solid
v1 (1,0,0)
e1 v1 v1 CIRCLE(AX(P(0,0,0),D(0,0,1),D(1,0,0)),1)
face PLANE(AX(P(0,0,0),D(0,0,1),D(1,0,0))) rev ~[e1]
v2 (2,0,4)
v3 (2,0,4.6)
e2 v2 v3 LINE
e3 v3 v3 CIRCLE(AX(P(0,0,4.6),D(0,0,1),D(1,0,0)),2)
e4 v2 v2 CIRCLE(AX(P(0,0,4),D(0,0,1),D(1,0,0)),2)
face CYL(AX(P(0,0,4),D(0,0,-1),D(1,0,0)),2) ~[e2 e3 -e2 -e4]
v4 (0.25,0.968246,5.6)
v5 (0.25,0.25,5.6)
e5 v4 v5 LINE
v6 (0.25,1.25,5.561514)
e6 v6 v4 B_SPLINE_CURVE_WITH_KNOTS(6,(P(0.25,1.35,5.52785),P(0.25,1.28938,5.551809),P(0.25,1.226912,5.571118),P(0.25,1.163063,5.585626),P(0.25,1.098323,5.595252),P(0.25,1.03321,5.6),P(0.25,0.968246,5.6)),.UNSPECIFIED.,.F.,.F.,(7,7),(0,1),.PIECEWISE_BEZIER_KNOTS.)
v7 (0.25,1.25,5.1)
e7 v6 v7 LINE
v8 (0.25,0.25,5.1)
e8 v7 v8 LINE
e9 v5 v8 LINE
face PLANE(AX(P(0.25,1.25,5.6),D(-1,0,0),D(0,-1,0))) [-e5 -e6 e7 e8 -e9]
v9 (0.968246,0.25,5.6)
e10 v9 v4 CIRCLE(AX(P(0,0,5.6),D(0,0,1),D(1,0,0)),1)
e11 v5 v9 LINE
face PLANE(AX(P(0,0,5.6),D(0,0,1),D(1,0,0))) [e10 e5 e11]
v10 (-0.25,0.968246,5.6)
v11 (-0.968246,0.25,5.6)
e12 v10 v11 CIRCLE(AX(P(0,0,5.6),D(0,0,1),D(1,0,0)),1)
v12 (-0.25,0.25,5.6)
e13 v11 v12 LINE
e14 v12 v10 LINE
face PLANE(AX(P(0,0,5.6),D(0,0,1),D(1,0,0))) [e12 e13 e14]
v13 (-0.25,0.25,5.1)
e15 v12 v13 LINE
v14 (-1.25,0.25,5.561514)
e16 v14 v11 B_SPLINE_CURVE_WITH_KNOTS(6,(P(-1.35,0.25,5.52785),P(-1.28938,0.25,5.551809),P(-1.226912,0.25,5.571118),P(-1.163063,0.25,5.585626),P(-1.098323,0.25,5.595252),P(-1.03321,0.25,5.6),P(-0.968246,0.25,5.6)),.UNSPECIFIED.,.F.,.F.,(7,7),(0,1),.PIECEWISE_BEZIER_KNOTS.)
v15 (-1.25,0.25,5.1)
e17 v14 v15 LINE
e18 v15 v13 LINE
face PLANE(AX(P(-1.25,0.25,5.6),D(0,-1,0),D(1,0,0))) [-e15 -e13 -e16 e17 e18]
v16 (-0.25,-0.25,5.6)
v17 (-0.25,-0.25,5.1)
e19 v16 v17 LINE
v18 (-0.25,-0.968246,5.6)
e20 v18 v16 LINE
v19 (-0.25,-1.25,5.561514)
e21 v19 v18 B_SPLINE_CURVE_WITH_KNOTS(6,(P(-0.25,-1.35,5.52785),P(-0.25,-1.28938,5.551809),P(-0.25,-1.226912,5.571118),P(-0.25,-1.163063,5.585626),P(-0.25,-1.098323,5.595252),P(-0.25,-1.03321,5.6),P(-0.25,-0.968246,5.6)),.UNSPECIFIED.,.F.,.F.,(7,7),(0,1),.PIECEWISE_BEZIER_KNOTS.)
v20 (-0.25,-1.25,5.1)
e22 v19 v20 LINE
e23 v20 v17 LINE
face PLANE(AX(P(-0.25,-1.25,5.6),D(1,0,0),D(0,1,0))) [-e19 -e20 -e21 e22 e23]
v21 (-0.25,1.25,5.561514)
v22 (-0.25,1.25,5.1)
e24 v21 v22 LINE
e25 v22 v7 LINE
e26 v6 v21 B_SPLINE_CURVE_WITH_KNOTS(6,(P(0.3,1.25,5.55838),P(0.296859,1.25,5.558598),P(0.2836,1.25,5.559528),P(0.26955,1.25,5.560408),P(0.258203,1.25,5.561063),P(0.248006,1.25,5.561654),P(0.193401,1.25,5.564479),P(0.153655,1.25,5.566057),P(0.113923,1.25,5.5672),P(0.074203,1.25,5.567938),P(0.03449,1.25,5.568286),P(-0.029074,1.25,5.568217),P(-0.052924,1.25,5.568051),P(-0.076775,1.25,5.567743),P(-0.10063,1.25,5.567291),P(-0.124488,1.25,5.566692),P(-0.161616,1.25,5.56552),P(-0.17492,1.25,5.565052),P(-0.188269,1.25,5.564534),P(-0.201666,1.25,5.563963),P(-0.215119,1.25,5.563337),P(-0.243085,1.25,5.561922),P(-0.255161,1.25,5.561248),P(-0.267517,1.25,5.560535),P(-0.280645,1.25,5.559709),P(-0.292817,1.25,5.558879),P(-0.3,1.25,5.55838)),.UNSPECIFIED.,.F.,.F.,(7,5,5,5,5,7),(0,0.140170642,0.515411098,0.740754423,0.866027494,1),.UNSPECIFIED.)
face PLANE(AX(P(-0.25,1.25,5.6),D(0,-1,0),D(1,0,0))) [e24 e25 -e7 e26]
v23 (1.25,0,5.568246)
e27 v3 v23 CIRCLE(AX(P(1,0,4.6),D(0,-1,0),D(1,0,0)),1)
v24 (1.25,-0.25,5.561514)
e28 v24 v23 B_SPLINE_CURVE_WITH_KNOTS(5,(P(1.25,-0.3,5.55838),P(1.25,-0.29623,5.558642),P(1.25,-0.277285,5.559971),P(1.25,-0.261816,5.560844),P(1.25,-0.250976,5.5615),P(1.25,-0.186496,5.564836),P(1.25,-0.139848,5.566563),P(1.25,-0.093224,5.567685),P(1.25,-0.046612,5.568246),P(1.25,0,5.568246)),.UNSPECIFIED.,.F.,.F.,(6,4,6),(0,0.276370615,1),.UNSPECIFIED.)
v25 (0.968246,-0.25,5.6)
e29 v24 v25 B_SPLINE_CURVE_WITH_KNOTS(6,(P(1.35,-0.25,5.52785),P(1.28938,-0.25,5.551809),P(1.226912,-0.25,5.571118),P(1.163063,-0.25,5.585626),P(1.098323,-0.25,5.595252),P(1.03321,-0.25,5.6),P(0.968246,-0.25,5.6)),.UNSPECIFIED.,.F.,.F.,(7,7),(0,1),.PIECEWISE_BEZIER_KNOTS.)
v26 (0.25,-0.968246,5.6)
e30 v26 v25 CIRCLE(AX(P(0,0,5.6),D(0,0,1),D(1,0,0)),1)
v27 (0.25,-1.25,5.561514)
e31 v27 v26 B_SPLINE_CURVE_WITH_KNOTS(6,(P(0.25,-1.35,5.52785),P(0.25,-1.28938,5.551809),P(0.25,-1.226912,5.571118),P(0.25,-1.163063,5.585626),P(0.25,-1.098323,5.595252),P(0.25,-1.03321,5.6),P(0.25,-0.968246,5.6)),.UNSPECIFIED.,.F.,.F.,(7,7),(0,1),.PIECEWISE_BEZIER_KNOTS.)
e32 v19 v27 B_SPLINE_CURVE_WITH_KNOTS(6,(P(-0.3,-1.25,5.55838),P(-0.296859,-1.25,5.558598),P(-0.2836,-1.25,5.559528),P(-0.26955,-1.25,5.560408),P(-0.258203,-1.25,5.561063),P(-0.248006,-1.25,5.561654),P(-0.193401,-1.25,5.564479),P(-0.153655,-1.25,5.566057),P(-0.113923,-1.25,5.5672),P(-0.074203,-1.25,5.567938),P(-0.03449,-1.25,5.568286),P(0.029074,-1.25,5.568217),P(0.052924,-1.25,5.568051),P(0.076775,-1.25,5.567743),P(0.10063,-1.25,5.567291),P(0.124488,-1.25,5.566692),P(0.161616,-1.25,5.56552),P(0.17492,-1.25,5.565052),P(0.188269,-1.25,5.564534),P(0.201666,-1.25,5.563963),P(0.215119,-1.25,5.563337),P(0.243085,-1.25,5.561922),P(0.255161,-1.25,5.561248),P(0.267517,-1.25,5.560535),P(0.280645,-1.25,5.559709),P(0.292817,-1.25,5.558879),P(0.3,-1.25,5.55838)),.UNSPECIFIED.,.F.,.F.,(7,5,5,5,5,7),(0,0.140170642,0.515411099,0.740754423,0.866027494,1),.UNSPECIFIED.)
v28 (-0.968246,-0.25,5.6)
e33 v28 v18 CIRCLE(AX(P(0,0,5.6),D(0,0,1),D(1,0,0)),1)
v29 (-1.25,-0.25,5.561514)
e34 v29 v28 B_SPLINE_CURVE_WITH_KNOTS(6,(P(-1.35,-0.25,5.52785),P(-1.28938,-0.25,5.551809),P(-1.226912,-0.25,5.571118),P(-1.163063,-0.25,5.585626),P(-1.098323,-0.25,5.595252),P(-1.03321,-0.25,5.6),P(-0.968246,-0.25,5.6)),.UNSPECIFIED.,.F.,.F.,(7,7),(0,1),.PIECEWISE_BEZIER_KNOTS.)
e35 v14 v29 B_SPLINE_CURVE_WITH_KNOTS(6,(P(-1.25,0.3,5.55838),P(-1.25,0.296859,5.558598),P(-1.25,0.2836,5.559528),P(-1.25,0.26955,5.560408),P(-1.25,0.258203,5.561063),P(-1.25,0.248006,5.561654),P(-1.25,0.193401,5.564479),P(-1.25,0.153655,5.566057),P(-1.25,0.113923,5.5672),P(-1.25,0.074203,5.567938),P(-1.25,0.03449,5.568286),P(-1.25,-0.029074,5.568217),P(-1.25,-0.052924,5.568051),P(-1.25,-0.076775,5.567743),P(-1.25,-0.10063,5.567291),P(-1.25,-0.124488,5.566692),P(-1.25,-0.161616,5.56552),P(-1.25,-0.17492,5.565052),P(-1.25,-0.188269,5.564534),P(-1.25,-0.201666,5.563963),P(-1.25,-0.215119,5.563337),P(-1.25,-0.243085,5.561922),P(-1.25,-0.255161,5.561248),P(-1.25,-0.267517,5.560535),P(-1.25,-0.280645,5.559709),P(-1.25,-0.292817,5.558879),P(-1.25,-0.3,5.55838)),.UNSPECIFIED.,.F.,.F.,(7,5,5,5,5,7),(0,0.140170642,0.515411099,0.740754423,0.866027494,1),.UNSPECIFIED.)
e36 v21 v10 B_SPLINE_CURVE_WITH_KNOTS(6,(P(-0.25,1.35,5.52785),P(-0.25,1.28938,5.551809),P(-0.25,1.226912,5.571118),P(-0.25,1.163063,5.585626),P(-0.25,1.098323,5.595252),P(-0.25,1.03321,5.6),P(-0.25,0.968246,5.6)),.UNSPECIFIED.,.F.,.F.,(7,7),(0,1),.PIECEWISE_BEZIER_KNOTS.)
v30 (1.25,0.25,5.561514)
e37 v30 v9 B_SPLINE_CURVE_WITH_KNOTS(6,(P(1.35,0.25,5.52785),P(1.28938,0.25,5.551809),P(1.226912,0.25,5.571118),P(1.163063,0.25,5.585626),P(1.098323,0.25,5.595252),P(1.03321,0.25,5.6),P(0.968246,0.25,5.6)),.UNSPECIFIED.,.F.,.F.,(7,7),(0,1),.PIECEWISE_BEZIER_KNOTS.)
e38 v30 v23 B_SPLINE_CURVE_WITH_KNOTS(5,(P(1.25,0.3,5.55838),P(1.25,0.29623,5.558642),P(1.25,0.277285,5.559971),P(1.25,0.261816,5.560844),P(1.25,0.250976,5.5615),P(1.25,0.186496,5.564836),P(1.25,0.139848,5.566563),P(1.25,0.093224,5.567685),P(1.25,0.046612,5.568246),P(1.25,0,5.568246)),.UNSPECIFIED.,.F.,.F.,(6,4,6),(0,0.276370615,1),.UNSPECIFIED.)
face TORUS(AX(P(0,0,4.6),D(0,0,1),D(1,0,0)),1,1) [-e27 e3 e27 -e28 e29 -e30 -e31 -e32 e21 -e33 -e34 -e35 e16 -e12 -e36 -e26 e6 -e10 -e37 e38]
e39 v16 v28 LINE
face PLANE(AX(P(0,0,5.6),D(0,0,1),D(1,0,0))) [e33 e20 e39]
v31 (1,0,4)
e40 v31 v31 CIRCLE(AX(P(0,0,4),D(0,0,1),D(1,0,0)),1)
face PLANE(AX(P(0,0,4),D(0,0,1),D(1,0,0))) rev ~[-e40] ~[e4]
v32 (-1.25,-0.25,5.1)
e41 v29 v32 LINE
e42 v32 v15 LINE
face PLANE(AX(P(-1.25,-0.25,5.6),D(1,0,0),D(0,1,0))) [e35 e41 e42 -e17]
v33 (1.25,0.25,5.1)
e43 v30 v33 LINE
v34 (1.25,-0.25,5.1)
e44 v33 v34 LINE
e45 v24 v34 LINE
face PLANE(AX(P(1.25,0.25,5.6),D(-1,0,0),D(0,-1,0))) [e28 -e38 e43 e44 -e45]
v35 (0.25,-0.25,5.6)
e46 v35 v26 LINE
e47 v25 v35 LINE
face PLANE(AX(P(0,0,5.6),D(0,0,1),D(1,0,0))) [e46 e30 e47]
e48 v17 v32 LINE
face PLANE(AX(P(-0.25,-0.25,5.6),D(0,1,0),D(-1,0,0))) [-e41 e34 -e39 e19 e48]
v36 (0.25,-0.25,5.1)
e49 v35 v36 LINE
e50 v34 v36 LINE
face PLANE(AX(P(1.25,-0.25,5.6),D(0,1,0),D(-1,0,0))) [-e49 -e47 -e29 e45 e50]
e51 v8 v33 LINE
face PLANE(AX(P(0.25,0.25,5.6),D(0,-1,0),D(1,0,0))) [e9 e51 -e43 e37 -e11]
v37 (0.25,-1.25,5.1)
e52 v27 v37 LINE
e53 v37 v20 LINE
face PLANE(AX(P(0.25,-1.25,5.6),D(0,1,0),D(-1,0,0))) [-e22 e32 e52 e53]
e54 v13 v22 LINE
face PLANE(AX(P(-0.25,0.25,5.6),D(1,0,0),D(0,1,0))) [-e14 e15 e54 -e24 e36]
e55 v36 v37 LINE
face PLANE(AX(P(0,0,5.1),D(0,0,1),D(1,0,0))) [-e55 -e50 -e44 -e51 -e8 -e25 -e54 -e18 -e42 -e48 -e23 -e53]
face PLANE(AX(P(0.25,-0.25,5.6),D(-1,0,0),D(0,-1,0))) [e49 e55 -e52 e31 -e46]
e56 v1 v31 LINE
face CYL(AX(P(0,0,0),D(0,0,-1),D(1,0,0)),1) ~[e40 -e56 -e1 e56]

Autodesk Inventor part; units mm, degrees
ref_plane "YZ Plane" through (0, 0, 0) normal (1, 0, 0) x (0, 1, 0)
ref_plane "XZ Plane" through (0, 0, 0) normal (0, 1, 0) x (-1, 0, 0)
ref_plane "XY Plane" through (0, 0, 0) normal (0, 0, 1) x (1, 0, 0)
sketch "Sketch1" plane through (0, 0, 0) normal (0, 0, 1) x (1, 0, 0)
  circle A0 centre (0, 0) radius 1
  dimension "d0" = 2
extrude "Extrusion1" add sketch "Sketch1" along normal blind 4
sketch "Sketch2" plane through (0, 0, 4) normal (0, 0, 1) x (1, 0, 0)
  circle A0 centre (0, 0) radius 2
  dimension "d3" = 4
extrude "Extrusion2" add sketch "Sketch2" along normal blind 1.6
thread "Thread1" size "M2x0.4" class "6g" standard "ANSI Metric M Profile" full length
fillet "Fillet1" radius 1 1 edges at (-2, 0, 5.6)
sketch "Sketch3" plane through (0, 0, 5.6) normal (0, 0, 1) x (1, 0, 0)
  line L0 (-0.25, 1.25) -> (0.25, 1.25)
  line L1 (0.25, 1.25) -> (0.25, -1.25)
  line L2 (0.25, -1.25) -> (-0.25, -1.25)
  line L3 (-0.25, -1.25) -> (-0.25, 1.25)
  line L4 (-1.25, 0.25) -> (1.25, 0.25)
  line L5 (1.25, 0.25) -> (1.25, -0.25)
  line L6 (1.25, -0.25) -> (-1.25, -0.25)
  line L7 (-1.25, -0.25) -> (-1.25, 0.25)
  point P0 (0, 0)
  dimension "d9" = 0.5
  dimension "d10" = 2.5
  dimension "d11" = 2.5
  dimension "d12" = 0.5
  dimension "d13" = 0.25
  dimension "d14" = 1.25
  dimension "d15" = 0.25
  dimension "d16" = 1.25
extrude "Extrusion3" cut sketch "Sketch3" against normal blind 0.5
properties part number "M2 Screw" material "Steel"
